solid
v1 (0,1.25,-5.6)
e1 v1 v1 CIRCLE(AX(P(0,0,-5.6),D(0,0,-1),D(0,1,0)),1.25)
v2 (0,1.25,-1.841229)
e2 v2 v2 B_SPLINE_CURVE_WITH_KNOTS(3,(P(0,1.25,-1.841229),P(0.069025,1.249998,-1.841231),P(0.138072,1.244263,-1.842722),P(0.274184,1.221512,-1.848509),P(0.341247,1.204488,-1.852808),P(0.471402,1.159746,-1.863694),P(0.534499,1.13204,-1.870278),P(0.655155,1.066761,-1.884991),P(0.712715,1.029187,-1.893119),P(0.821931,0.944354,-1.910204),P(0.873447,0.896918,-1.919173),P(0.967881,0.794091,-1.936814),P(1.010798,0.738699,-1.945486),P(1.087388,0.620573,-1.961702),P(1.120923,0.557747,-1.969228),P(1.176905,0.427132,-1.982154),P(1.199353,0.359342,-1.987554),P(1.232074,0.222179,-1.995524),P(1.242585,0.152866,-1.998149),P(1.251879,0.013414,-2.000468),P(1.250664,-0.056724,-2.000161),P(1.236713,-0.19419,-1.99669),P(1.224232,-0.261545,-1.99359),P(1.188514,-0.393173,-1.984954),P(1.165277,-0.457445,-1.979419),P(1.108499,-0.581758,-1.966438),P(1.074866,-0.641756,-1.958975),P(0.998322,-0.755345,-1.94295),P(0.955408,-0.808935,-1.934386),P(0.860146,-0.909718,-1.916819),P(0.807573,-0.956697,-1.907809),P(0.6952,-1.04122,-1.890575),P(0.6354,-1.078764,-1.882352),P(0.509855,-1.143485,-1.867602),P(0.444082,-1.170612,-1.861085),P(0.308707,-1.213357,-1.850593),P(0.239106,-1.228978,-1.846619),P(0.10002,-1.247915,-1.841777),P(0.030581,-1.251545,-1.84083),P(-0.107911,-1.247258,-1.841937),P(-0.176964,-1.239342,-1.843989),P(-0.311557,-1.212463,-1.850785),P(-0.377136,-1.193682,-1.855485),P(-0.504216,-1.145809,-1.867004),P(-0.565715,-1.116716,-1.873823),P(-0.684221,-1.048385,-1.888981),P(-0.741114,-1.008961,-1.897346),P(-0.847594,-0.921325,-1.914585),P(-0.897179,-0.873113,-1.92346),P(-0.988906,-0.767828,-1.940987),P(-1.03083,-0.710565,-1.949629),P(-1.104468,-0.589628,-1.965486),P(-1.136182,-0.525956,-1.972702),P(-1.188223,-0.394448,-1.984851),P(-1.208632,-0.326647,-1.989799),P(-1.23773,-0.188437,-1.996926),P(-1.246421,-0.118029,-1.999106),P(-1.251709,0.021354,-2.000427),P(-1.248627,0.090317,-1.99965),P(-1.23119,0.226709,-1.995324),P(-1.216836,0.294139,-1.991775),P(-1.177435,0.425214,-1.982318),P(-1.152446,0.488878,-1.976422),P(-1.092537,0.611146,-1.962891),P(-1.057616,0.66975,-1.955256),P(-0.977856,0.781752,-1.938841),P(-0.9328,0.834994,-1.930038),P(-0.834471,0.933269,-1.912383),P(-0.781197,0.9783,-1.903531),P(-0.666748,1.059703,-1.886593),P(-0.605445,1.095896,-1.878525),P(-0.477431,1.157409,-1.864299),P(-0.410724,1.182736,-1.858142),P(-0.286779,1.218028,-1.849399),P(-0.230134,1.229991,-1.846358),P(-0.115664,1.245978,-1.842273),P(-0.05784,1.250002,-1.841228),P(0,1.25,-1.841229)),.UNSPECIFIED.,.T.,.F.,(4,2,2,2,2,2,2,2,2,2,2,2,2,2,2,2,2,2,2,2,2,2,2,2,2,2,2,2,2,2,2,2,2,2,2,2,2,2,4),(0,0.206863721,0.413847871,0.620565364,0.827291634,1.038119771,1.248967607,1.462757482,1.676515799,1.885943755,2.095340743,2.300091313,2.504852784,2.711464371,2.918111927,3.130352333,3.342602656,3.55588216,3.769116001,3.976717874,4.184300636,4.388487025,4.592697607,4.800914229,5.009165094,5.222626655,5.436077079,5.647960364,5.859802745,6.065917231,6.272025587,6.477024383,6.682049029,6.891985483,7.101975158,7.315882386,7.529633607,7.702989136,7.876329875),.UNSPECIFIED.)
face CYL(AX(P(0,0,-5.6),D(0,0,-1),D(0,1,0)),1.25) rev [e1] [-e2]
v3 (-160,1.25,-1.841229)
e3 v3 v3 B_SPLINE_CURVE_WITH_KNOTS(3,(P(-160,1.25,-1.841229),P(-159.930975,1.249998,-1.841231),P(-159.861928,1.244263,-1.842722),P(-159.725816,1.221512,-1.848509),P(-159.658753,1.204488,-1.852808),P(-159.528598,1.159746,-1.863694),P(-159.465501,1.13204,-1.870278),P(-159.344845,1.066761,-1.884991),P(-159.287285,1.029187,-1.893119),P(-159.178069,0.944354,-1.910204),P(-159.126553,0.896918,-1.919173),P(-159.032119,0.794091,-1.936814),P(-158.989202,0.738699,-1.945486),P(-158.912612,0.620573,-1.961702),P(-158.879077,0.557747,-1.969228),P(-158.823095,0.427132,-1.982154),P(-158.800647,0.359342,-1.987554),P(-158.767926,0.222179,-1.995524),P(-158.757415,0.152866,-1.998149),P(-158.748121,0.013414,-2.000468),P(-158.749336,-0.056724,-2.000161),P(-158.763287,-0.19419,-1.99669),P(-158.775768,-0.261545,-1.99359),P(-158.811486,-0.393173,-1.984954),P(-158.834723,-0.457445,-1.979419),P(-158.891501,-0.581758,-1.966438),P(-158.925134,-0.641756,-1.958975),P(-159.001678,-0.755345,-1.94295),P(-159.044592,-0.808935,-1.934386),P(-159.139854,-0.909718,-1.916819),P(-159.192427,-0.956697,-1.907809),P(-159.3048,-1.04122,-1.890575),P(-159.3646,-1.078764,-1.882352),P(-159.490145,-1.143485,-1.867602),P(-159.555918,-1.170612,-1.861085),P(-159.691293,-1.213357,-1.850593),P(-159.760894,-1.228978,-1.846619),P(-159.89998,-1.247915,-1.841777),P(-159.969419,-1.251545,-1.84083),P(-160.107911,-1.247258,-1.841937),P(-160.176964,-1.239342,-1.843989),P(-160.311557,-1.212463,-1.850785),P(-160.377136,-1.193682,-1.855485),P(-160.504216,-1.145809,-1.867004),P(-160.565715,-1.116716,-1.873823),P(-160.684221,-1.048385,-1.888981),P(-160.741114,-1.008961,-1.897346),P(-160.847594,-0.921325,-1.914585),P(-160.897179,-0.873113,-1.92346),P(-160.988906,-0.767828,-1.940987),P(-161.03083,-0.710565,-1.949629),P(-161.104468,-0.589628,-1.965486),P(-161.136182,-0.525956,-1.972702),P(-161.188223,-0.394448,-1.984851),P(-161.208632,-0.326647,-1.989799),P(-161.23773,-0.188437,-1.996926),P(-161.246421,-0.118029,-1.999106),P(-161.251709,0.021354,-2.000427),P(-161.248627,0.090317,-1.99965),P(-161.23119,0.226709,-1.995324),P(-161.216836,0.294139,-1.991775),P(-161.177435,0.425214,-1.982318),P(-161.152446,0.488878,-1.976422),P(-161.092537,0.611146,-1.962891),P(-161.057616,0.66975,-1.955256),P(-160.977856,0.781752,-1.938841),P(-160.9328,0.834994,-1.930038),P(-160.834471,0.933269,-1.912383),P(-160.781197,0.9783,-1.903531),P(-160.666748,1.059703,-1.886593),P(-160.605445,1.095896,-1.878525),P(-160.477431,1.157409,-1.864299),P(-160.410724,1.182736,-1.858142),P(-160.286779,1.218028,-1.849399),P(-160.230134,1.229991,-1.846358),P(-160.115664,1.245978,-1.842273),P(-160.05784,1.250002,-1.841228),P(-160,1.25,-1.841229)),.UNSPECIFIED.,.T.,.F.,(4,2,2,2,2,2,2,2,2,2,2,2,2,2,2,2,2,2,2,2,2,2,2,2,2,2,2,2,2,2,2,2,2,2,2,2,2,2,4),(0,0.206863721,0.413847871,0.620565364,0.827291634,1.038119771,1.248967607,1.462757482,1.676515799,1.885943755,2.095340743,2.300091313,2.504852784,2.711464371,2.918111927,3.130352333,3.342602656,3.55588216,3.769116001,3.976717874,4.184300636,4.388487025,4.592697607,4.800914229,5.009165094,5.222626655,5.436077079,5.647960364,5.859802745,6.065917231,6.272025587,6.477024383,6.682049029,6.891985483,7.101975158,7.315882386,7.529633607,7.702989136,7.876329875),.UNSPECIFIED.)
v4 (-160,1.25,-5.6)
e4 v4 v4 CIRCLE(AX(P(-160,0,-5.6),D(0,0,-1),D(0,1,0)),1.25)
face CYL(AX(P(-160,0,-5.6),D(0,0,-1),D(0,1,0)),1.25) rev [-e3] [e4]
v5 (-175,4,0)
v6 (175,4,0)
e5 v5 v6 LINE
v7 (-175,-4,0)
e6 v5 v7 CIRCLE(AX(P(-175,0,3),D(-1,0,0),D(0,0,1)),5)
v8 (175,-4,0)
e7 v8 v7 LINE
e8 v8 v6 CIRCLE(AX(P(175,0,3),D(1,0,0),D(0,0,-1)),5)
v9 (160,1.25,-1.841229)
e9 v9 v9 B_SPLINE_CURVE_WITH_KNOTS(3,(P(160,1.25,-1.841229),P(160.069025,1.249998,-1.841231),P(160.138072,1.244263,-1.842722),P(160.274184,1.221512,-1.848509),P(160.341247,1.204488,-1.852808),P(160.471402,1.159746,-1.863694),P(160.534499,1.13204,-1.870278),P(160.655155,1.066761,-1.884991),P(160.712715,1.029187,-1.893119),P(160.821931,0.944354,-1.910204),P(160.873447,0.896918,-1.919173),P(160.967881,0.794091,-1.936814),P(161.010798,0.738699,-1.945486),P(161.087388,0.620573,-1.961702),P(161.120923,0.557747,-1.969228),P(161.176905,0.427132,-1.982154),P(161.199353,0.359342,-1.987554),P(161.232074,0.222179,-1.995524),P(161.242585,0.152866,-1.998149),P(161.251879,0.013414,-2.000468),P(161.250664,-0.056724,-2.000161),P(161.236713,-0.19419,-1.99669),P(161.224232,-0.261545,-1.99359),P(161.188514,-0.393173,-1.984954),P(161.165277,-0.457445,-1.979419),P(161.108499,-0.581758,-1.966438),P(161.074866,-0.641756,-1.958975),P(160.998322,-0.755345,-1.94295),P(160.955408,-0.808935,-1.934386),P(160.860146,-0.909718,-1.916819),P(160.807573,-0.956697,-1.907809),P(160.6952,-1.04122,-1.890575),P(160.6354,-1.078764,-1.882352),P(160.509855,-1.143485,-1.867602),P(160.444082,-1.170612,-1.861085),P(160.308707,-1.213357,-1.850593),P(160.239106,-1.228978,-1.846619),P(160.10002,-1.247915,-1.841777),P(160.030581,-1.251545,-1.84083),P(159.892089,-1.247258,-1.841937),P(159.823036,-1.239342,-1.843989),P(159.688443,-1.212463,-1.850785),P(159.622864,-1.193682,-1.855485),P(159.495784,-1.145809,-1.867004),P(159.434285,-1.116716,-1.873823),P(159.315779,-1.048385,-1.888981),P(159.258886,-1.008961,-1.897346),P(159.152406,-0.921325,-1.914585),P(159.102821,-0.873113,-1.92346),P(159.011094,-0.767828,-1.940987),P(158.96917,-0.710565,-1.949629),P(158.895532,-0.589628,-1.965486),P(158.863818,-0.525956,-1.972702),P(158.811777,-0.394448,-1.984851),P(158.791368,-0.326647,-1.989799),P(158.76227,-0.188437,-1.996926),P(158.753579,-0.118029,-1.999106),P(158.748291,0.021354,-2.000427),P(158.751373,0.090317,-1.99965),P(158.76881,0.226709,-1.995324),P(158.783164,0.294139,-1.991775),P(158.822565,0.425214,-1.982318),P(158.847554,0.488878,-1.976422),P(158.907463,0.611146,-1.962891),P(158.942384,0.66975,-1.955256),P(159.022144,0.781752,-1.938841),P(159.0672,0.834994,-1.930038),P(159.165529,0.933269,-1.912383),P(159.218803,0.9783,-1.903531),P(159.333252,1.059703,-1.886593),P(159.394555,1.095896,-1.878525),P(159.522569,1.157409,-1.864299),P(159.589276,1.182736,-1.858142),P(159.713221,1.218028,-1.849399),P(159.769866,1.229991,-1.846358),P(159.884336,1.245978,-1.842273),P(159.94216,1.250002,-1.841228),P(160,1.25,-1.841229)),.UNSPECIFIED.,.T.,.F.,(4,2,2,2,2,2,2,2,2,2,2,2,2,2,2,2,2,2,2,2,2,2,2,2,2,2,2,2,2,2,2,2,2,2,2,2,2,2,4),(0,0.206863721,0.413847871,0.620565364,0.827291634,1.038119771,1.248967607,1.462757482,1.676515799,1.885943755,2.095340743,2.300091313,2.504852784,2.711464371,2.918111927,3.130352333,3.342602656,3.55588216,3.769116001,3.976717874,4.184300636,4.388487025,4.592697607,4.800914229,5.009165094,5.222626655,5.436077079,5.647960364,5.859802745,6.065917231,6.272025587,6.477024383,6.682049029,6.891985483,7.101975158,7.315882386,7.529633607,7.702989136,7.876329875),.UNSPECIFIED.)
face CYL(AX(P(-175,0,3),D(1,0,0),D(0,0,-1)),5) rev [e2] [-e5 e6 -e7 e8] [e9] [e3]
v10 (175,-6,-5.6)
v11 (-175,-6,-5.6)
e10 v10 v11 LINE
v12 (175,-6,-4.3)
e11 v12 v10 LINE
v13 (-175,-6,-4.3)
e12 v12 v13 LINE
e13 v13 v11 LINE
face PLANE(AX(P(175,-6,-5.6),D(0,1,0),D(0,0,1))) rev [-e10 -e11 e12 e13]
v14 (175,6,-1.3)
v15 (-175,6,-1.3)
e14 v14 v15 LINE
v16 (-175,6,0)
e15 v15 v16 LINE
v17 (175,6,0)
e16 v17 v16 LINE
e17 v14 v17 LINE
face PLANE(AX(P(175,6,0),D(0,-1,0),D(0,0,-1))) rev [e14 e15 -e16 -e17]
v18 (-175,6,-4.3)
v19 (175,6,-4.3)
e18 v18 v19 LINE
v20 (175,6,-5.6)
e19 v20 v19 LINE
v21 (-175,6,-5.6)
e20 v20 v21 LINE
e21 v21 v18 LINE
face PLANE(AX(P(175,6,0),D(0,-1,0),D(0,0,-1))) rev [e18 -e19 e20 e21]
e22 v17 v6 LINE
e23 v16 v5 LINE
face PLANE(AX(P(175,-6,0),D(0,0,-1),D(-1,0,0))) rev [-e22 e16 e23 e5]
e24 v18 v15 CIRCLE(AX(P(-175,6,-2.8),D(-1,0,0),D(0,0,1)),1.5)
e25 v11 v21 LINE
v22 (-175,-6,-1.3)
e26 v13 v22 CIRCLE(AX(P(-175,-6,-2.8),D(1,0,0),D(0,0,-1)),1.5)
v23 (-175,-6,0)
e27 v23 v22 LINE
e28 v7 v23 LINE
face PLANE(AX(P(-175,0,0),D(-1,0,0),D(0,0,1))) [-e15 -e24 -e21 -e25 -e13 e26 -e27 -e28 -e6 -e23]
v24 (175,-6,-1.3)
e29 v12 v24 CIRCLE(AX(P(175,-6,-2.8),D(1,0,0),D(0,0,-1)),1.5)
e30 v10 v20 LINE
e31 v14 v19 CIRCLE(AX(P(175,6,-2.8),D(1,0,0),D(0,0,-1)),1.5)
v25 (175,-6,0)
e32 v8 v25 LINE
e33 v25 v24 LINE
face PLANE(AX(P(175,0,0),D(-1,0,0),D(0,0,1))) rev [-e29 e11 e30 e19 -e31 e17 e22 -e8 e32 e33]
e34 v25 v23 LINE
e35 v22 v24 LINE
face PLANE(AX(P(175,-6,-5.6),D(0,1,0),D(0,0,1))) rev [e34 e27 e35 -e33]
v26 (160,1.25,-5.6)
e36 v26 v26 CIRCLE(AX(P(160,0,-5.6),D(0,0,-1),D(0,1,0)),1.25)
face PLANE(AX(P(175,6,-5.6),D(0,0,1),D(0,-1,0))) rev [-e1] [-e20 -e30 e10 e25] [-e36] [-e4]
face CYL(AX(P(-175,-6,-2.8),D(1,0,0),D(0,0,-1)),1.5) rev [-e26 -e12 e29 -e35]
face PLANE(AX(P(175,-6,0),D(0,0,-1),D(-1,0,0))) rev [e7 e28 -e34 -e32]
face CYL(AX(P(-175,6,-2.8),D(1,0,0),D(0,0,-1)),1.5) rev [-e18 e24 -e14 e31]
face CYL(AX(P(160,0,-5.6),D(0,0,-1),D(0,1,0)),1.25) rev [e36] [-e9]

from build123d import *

# Parameters (mm, degrees)
SKETCH_1_W             = 5.6
SKETCH_1_H             = 12
EXTRUDE_1_DEPTH        = 175
SKETCH_2_R             = 1.5
CUT_EXTRUDE_1_DEPTH    = 350
SKETCH_3_R             = 5
CUT_EXTRUDE_2_DEPTH    = 350
HOLE_WIZARD_M3_1_D     = 2.5
PATTERN_LINEAR_2_COUNT = 3
PATTERN_LINEAR_2_PITCH = 160


with BuildPart() as part:
    # 草图1 → 凸台-拉伸1 (new, symmetric)
    with BuildSketch(Plane(origin=(0, 0, 0), x_dir=(0, 0, -1), z_dir=(1, 0, 0))):
        with Locations((2.8, 0)):
            Rectangle(SKETCH_1_W, SKETCH_1_H)
    extrude(amount=EXTRUDE_1_DEPTH, both=True)

    # 草图2 → 切除-拉伸1 (cut)
    with BuildSketch(Plane(origin=(175, 0, 0), x_dir=(0, 0, -1), z_dir=(1, 0, 0))):
        with Locations((2.8, 6)):
            Circle(SKETCH_2_R)
        with Locations((2.8, -6)):
            Circle(SKETCH_2_R)
    extrude(amount=-CUT_EXTRUDE_1_DEPTH, mode=Mode.SUBTRACT)

    # 草图3 → 切除-拉伸2 (cut)
    with BuildSketch(Plane(origin=(175, 0, 0), x_dir=(0, 0, -1), z_dir=(1, 0, 0))):
        with Locations((-3, 0)):
            Circle(SKETCH_3_R)
    extrude(amount=-CUT_EXTRUDE_2_DEPTH, mode=Mode.SUBTRACT)

    # M3 螺纹孔1 (through all)
    with Locations(Plane(origin=(0, 0, -5.6), x_dir=(-1, 0, 0), z_dir=(0, 0, -1))):
        with Locations((-160, 0)):
            hole_wizard_m3_1 = Hole(HOLE_WIZARD_M3_1_D / 2)

    # 阵列(线性)2: M3 螺纹孔1 ×3
    with Locations(*[(-i * PATTERN_LINEAR_2_PITCH, 0, 0) for i in range(1, PATTERN_LINEAR_2_COUNT)]):
        add(hole_wizard_m3_1, mode=Mode.SUBTRACT)


solid = part.part
